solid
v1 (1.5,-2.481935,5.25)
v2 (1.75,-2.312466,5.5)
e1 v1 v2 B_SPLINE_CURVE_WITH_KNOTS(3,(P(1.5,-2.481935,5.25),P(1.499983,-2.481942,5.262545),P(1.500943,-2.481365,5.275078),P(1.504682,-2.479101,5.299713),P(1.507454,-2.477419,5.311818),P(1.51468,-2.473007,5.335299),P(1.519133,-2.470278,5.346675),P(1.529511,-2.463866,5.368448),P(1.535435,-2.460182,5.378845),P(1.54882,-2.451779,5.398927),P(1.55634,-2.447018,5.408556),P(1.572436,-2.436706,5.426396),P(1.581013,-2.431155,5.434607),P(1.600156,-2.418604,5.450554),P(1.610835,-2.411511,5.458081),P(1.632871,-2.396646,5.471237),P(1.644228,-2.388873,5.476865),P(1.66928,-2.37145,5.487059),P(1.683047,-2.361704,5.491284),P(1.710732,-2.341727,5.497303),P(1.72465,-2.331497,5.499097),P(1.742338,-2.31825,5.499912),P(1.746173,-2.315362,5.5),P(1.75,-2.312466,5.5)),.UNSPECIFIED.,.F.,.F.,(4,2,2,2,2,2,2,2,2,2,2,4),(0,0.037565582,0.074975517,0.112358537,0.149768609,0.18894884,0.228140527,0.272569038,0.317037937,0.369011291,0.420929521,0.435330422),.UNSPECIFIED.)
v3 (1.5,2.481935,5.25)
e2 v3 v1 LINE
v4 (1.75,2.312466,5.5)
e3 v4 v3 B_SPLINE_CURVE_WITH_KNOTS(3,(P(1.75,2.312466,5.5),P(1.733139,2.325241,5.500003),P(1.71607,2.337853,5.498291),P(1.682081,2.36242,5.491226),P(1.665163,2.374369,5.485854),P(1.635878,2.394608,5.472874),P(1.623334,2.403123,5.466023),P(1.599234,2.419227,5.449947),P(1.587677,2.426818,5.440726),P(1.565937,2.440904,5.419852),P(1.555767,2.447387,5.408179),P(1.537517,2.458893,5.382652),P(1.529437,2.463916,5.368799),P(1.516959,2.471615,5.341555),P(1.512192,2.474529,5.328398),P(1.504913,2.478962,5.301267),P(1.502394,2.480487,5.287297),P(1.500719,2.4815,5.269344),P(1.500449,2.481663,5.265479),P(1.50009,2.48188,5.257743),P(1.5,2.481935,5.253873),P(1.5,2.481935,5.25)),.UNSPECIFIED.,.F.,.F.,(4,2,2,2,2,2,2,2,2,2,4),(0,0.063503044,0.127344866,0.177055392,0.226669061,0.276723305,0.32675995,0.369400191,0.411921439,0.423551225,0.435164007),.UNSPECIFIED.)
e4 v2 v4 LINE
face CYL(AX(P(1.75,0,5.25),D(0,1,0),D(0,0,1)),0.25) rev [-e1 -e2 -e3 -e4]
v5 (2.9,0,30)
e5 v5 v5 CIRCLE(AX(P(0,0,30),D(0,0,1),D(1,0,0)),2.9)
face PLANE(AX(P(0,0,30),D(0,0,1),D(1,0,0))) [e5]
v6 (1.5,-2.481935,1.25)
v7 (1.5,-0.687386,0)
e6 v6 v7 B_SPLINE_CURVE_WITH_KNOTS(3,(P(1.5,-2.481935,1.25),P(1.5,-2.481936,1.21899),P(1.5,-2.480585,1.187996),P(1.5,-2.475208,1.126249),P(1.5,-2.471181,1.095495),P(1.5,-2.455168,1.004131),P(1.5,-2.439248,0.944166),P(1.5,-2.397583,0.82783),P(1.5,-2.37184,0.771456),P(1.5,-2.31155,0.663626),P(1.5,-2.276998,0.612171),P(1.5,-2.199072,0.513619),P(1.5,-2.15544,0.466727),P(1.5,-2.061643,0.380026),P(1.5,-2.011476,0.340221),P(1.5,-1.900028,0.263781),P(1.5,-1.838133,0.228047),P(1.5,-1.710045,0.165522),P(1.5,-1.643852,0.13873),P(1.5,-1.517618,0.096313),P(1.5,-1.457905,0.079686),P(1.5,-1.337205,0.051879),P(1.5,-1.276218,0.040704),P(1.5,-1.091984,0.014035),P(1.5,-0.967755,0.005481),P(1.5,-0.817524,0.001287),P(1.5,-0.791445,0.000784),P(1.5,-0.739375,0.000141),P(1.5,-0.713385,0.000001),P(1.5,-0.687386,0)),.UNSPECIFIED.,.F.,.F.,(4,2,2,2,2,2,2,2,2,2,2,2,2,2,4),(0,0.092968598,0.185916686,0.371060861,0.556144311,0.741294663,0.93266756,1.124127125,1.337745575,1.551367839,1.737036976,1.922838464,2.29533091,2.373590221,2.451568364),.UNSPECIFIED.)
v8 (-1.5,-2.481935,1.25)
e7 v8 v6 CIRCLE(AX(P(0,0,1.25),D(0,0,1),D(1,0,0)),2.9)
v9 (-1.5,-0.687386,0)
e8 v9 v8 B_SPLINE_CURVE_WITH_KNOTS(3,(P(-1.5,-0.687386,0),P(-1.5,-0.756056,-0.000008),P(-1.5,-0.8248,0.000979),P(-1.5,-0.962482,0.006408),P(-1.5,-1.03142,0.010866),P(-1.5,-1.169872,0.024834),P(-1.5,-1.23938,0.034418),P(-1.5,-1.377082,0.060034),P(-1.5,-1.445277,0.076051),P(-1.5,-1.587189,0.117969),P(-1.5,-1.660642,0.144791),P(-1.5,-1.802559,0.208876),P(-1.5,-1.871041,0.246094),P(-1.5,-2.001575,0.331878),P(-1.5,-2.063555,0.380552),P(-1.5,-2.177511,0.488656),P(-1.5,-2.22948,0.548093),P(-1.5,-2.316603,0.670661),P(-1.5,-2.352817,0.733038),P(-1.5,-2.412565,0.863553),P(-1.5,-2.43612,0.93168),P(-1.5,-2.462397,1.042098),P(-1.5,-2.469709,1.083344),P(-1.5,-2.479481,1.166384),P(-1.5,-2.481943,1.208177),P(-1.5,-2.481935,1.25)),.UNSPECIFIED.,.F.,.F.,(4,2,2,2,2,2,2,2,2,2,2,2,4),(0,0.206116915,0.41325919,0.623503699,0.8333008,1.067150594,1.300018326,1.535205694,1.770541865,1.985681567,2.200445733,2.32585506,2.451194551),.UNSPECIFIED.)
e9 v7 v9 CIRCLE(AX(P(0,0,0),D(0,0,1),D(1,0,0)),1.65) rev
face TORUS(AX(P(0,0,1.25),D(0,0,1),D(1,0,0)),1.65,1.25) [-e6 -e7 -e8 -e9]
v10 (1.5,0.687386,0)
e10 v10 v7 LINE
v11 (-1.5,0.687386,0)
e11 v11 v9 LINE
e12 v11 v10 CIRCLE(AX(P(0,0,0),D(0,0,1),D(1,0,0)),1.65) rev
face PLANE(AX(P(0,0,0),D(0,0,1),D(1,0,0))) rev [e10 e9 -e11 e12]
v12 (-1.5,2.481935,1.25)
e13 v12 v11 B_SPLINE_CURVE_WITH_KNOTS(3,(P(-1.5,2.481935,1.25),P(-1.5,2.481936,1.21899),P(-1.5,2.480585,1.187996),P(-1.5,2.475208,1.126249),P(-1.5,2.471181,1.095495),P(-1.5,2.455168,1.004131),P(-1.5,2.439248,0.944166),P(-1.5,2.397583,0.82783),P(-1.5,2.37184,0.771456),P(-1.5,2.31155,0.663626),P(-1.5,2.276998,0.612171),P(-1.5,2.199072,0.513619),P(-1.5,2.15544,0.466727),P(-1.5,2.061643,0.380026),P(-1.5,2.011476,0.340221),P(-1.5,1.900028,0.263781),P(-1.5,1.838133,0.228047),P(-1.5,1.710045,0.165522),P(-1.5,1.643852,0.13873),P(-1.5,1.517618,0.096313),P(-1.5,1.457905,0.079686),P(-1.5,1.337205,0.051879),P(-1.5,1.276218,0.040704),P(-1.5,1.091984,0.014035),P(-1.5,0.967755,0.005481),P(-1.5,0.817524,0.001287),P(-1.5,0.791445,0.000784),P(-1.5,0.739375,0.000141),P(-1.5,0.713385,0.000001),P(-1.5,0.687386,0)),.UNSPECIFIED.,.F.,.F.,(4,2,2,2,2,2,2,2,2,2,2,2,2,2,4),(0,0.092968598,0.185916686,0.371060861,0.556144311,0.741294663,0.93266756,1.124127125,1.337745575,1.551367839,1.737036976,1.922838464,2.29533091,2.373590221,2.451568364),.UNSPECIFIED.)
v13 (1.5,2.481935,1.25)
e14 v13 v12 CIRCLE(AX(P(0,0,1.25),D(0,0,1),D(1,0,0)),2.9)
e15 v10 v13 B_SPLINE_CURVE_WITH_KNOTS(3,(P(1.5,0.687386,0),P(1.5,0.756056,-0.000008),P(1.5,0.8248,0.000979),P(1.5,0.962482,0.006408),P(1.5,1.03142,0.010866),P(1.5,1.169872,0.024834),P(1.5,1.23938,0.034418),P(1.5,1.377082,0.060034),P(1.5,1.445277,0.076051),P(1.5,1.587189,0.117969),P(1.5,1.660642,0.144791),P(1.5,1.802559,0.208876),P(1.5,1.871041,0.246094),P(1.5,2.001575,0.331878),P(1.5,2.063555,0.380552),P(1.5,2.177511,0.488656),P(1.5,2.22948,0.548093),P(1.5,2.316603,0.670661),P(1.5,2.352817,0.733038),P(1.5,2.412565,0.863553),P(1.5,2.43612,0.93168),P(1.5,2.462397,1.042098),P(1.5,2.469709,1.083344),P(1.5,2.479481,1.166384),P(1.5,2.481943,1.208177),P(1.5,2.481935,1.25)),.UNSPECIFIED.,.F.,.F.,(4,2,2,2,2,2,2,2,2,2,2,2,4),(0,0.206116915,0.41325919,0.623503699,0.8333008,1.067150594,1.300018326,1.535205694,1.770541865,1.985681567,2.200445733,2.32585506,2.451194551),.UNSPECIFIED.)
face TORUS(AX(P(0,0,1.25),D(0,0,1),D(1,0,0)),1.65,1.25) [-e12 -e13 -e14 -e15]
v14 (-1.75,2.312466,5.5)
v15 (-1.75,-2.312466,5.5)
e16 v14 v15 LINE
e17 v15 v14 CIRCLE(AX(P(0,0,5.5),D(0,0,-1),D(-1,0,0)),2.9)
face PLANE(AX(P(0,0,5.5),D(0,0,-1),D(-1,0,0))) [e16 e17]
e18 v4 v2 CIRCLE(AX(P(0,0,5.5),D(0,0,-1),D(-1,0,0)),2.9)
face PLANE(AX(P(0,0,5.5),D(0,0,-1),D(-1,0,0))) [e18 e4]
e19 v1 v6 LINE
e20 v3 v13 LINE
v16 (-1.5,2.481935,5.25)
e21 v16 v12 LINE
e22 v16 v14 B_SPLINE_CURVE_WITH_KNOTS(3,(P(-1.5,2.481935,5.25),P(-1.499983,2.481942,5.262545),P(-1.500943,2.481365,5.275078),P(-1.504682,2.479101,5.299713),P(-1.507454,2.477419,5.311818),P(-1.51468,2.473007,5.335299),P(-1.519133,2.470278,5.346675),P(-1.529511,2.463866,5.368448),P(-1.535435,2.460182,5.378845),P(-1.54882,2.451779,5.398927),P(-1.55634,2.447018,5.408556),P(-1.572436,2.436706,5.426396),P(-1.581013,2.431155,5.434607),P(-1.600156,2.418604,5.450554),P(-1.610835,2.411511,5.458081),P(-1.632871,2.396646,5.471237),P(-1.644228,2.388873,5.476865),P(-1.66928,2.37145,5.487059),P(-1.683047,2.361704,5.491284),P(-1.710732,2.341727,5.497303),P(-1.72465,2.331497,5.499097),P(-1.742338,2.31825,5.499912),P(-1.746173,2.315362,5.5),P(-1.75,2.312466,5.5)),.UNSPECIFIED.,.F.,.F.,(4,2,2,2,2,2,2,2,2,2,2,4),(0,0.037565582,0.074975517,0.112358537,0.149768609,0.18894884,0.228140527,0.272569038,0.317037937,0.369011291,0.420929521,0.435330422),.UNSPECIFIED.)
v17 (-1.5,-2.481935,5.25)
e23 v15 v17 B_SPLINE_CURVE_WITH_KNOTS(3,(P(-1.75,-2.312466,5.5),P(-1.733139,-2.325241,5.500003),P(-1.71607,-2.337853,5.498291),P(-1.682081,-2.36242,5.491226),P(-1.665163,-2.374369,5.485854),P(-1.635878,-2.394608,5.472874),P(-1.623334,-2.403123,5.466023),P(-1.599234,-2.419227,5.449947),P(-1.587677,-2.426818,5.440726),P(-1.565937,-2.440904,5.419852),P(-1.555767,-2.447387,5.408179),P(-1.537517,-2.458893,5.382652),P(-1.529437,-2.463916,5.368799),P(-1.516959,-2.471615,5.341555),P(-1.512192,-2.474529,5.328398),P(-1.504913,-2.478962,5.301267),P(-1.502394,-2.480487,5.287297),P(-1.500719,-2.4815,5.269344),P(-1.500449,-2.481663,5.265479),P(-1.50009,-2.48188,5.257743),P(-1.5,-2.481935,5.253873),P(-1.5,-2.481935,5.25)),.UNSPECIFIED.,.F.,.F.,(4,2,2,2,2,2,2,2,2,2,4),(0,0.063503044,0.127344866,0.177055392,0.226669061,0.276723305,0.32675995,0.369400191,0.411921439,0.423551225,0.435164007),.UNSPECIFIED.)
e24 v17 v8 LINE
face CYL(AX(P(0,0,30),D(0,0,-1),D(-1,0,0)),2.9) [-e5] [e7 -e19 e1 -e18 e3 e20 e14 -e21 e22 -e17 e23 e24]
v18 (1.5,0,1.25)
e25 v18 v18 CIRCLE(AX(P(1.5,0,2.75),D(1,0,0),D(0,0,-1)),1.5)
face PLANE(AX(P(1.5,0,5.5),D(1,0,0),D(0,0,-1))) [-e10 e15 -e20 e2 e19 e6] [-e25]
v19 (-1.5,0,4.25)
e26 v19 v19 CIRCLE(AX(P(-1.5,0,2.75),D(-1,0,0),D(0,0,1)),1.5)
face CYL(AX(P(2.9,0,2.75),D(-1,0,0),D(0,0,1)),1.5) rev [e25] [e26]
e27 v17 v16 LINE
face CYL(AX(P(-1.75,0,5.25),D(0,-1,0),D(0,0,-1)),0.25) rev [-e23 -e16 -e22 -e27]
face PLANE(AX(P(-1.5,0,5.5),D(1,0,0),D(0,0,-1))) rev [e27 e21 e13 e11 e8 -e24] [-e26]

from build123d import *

# Parameters (mm, degrees)
SKETCH1_R           = 2.9
BOSS_EXTRUDE1_DEPTH = 30
CUT_EXTRUDE1_DEPTH  = 5.5
SKETCH3_R           = 1.5
CUT_EXTRUDE2_DEPTH  = 31.45931713
FILLET1_R           = 1.25
FILLET2_R           = 0.25


with BuildPart() as part:
    # Sketch1 → Boss-Extrude1 (new body)
    with BuildSketch(Plane.XY):
        Circle(SKETCH1_R)
    extrude(amount=BOSS_EXTRUDE1_DEPTH)

    # Sketch2 → Cut-Extrude1 (cut)
    with BuildSketch(Plane(origin=(0, 0, 0), x_dir=(-1, 0, 0), z_dir=(0, 0, -1))):
        with BuildLine():
            Line((-1.5, -2.481934729), (-1.5, 2.481934729))
            ThreePointArc((-1.5, 2.481934729), (-2.9, 0), (-1.5, -2.481934729))
        make_face()
        with BuildLine():
            ThreePointArc((2.9, 0), (2.525866188, 1.424780685), (1.5, 2.481934729))
            Line((1.5, 2.481934729), (1.5, -2.481934729))
            ThreePointArc((1.5, -2.481934729), (2.525866188, -1.424780685), (2.9, 0))
        make_face()
    extrude(amount=-CUT_EXTRUDE1_DEPTH, mode=Mode.SUBTRACT)

    # Sketch3 → Cut-Extrude2 (cut, through all)
    with BuildSketch(Plane.ZY.offset(1.5)):
        with Locations((2.75, 0)):
            Circle(SKETCH3_R)
    extrude(amount=-CUT_EXTRUDE2_DEPTH, mode=Mode.SUBTRACT)

    # Fillet1
    fillet1_edges = [part.edges().sort_by_distance(p)[0] for p in [
        (0, 2.9, 0),
        (0, -2.9, 0),
    ]]
    fillet(fillet1_edges, radius=FILLET1_R)

    # Fillet2
    fillet2_edges = [part.edges().sort_by_distance(p)[0] for p in [
        (1.5, 0, 5.5),
        (-1.5, 0, 5.5),
    ]]
    fillet(fillet2_edges, radius=FILLET2_R)


solid = part.part
